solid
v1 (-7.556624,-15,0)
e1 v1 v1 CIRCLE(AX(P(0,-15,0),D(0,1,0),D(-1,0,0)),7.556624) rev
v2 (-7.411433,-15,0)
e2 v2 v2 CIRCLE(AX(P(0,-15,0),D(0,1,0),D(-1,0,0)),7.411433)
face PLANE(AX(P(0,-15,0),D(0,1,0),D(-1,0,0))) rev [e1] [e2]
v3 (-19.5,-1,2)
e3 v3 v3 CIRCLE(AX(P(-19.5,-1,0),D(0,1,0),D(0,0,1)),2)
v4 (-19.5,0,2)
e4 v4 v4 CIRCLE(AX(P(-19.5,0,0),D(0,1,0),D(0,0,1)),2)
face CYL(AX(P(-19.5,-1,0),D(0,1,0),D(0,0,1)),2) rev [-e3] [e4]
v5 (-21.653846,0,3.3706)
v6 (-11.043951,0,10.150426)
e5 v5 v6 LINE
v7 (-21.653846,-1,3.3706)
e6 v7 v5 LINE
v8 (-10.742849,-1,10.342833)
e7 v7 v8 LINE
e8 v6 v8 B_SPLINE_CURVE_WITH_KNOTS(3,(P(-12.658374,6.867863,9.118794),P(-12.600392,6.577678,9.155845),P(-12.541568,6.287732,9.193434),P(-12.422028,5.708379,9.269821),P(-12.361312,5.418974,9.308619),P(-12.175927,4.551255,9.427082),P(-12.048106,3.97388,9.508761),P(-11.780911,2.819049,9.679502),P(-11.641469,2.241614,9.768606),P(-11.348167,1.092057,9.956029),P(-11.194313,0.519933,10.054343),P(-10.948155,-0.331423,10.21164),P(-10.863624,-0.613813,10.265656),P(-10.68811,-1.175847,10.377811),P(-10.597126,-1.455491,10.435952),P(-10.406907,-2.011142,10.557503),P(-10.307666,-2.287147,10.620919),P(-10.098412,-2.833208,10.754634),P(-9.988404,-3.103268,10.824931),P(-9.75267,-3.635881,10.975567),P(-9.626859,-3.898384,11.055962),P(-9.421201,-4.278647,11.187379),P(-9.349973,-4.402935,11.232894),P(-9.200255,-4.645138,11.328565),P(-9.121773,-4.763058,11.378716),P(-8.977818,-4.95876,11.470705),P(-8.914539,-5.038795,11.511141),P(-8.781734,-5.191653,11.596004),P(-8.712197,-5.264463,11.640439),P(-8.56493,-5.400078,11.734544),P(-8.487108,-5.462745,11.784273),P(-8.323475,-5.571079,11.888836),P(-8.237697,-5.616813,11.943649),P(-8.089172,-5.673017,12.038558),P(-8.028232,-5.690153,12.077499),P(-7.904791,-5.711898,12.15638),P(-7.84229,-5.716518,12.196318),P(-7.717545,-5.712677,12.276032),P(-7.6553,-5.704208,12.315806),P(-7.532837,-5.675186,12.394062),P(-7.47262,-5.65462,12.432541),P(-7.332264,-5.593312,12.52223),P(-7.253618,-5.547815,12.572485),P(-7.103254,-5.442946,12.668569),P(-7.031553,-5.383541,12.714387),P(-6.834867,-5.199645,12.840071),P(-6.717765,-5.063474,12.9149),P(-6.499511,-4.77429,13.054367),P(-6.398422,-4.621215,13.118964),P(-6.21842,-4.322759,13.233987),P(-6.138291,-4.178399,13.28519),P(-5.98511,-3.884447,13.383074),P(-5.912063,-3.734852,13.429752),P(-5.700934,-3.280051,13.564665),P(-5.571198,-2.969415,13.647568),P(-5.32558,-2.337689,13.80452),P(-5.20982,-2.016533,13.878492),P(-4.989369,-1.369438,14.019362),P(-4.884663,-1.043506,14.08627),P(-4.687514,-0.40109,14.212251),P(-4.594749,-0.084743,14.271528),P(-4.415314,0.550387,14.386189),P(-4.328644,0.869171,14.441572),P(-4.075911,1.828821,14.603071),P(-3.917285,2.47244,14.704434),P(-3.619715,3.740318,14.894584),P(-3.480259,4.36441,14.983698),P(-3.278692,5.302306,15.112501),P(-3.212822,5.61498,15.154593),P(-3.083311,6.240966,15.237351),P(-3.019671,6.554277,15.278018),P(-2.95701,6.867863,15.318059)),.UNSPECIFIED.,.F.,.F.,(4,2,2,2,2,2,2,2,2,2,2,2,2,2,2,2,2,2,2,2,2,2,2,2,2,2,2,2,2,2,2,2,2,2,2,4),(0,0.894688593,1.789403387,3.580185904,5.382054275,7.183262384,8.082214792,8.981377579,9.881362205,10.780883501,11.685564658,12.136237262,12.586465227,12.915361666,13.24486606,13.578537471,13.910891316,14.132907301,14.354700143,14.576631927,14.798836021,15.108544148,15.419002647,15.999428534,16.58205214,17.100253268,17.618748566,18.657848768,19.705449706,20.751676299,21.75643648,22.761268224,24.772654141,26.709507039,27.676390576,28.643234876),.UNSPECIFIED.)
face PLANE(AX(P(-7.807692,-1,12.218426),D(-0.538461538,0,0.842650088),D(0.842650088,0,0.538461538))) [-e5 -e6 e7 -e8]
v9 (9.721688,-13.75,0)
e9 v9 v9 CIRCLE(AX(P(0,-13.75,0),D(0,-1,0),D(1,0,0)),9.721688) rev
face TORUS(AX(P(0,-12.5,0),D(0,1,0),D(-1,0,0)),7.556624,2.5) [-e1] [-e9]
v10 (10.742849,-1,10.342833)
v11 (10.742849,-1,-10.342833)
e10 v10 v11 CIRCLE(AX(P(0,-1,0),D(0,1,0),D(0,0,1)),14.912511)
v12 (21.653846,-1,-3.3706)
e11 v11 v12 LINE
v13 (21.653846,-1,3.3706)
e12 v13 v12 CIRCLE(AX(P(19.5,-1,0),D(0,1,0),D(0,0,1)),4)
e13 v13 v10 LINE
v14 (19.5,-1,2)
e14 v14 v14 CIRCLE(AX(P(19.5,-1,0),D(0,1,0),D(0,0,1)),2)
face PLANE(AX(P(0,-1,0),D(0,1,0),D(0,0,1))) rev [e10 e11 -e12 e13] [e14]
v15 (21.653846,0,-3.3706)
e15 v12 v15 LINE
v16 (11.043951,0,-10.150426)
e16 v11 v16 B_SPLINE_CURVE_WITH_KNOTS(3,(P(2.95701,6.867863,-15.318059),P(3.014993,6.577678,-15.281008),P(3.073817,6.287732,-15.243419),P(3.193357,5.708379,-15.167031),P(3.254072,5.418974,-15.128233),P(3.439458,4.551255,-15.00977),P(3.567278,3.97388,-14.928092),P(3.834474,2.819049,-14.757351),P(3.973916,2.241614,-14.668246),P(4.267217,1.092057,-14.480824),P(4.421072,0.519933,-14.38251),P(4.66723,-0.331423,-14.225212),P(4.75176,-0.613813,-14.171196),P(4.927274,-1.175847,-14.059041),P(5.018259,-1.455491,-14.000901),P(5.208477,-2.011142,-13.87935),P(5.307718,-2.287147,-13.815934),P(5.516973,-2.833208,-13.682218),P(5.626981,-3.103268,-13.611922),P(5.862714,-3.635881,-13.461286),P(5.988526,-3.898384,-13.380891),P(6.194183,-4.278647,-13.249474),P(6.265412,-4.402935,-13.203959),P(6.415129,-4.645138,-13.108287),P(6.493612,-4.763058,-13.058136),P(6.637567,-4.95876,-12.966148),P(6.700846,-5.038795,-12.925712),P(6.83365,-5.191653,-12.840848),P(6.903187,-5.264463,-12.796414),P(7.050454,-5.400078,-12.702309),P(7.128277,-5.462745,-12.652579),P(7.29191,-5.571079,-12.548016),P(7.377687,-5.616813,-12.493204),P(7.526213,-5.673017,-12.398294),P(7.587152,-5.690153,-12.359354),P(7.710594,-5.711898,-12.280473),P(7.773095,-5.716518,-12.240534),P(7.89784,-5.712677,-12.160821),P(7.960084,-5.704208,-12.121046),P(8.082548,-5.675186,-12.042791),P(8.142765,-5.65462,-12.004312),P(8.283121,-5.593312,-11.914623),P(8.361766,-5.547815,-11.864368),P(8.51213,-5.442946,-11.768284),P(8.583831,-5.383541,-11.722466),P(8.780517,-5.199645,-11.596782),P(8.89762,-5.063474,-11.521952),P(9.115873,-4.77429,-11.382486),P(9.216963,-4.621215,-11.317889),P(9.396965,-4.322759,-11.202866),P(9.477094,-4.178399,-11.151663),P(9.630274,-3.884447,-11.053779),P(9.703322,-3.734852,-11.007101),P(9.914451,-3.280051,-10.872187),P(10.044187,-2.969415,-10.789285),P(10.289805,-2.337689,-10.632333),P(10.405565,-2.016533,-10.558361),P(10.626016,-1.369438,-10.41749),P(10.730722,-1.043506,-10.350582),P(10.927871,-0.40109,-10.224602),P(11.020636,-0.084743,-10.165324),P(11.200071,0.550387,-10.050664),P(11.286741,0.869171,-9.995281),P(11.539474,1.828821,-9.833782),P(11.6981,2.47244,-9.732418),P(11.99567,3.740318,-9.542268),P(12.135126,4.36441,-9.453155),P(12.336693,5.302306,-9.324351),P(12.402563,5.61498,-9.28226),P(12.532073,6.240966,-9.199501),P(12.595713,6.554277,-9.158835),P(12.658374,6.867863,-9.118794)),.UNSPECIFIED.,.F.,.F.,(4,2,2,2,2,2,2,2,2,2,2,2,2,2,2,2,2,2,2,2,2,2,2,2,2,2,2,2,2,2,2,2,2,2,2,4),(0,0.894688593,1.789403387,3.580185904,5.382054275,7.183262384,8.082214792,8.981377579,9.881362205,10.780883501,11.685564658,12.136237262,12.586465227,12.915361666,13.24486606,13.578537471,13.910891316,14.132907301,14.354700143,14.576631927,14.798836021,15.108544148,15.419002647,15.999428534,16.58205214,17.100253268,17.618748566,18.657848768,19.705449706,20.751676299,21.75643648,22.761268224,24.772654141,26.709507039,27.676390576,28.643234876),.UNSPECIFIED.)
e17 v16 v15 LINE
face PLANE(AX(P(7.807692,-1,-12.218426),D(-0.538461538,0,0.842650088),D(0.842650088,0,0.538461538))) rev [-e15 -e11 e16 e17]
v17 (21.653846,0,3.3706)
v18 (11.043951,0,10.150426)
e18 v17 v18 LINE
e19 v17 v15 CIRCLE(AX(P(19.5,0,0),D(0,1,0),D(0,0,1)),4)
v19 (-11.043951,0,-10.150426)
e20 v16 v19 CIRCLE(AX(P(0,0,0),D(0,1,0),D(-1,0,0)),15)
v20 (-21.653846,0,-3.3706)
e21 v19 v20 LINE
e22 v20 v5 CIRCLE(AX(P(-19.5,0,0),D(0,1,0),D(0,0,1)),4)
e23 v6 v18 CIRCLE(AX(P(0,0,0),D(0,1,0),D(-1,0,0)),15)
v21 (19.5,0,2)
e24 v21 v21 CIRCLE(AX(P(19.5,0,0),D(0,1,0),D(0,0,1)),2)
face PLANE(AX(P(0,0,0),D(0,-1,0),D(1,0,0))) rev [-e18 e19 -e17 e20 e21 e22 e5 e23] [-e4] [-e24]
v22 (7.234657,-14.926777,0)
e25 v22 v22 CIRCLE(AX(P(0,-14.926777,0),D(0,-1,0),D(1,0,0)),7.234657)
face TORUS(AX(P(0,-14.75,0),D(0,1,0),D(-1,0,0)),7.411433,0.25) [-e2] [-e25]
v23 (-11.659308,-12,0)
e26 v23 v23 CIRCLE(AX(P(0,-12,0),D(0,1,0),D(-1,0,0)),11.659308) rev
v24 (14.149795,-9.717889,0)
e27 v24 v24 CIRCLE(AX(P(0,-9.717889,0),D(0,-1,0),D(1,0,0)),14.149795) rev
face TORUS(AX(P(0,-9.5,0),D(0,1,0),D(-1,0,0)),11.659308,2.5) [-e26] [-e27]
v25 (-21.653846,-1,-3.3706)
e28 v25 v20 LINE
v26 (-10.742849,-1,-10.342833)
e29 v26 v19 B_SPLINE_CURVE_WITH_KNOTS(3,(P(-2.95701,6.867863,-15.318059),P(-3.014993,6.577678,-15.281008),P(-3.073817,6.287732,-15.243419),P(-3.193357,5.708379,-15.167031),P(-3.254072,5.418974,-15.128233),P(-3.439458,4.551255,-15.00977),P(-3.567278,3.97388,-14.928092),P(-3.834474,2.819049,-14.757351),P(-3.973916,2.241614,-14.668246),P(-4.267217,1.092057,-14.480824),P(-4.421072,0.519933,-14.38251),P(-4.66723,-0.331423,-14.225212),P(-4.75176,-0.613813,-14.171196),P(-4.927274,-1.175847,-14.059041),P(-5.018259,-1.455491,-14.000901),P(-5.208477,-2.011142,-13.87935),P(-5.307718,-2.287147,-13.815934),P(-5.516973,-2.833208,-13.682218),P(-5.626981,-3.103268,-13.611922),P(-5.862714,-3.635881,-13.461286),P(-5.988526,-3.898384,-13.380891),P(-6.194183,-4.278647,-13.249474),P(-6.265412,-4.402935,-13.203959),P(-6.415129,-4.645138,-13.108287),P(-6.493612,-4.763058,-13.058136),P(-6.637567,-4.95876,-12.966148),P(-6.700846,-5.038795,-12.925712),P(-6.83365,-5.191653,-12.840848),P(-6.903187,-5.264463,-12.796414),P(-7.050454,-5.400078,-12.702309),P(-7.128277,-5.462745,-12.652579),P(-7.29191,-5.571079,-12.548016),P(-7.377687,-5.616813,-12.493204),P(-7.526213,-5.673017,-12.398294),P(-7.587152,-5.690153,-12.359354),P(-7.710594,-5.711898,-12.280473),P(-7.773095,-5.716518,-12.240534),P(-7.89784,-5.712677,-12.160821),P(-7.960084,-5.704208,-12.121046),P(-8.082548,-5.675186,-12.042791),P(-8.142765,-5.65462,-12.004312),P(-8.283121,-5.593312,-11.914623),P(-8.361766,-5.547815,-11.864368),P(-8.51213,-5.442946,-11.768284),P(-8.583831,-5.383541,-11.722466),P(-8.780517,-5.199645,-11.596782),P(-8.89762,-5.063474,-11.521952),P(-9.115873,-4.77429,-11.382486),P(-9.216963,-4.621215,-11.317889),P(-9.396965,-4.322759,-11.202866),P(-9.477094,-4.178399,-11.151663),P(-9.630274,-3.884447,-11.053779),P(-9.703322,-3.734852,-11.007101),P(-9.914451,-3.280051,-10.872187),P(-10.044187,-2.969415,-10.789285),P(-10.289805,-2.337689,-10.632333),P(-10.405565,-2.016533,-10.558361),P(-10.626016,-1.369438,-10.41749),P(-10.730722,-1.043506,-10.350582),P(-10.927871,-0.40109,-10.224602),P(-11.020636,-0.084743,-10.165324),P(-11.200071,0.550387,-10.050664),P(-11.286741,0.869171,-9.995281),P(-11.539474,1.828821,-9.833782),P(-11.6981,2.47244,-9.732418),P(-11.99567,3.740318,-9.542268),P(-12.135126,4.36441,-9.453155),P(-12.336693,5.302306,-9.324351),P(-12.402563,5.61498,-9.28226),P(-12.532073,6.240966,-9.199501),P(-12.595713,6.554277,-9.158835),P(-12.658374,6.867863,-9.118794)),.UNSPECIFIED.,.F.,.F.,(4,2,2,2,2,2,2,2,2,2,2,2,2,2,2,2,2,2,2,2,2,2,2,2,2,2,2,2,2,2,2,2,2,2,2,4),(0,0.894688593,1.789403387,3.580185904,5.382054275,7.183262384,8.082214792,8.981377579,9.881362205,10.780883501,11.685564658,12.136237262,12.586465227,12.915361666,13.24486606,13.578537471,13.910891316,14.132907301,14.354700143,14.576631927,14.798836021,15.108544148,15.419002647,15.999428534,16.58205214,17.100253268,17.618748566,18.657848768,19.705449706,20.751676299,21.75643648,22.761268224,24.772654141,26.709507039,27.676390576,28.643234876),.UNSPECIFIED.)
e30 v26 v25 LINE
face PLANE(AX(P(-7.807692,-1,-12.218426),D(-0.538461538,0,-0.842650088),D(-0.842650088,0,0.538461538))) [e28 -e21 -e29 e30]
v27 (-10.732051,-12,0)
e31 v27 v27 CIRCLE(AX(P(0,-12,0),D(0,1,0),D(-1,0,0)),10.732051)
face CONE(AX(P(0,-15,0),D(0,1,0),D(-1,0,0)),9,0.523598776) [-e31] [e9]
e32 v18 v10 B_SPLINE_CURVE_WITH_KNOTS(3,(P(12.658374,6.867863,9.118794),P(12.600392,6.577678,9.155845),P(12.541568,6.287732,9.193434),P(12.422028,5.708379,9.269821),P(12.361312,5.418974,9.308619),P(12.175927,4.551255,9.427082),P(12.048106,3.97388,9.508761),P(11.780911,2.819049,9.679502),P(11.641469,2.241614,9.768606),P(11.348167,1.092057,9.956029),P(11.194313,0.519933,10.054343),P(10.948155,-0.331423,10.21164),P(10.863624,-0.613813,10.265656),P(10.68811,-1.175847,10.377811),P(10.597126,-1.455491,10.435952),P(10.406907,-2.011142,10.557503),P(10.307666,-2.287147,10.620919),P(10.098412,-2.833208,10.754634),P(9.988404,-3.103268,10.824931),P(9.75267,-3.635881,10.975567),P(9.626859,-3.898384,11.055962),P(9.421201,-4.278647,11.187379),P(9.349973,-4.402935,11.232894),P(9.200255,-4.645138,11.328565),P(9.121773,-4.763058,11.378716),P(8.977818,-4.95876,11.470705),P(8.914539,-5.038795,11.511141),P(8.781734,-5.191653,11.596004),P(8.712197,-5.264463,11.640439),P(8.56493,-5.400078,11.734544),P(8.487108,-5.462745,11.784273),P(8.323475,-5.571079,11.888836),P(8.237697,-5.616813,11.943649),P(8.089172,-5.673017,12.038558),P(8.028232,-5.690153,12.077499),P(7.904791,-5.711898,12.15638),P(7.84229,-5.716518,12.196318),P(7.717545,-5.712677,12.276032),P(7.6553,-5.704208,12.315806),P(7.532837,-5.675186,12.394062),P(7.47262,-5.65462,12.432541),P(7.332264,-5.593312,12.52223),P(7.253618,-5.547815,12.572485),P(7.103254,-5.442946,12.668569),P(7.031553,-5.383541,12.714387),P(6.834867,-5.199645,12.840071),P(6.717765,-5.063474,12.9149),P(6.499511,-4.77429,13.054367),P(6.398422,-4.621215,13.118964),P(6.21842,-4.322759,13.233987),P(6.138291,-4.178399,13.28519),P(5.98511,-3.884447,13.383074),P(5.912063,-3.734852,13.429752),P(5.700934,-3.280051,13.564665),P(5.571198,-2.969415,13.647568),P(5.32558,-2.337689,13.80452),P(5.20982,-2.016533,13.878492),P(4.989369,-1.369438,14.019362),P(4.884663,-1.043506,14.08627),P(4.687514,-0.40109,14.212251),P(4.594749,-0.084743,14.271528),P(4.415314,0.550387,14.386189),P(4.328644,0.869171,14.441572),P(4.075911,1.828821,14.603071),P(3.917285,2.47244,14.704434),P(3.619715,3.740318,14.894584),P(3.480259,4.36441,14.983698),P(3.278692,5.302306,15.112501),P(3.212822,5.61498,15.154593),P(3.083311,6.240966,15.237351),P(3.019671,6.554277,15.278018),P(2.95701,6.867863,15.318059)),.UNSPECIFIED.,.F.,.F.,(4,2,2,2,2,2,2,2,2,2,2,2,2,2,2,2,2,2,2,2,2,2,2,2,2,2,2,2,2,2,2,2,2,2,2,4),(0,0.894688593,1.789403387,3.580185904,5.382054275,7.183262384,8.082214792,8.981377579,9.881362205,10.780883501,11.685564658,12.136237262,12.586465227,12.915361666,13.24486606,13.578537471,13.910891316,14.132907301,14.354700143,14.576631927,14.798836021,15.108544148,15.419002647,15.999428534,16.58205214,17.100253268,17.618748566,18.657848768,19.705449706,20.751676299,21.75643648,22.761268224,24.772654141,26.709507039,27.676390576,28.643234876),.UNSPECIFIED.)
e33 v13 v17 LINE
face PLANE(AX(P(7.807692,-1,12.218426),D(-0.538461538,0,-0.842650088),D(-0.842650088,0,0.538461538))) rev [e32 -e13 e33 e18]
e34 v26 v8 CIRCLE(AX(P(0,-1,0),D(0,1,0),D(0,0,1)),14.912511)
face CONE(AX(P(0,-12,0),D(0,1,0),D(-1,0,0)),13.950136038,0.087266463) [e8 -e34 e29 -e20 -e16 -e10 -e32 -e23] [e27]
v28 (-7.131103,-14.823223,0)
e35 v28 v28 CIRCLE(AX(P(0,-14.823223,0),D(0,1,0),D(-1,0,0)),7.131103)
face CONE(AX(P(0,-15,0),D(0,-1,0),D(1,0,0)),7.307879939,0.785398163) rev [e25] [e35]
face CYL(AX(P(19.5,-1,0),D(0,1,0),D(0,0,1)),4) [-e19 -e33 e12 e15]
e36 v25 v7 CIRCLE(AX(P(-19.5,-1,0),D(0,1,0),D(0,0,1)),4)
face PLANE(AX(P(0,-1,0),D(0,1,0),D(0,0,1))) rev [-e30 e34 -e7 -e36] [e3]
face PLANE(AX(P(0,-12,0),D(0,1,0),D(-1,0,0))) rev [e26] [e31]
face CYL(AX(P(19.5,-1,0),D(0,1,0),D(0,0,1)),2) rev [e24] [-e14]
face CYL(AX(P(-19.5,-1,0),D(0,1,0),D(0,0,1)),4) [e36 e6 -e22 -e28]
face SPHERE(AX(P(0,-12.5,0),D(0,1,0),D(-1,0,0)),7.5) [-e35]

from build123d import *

# Parameters (mm, degrees)
FILLET1_R           = 2.5
SKETCH1_R           = 2
BOSS_EXTRUDE1_DEPTH = 1
FILLET2_R           = 0.25


with BuildPart() as part:
    # Sketch2 one side → Revolve1 (revolve)
    with BuildSketch(Plane.XY):
        with BuildLine():
            Line((0, -20), (0, -5))
            Line((0, -5), (0, 0))
            Line((0, 0), (-15, 0))
            Line((-15, 0), (-13.950136038, -12))
            Line((-13.950136038, -12), (-10.732050808, -12))
            Line((-10.732050808, -12), (-9, -15))
            Line((-9, -15), (-7.307879939, -15))
            Line((-7.307879939, -15), (-7.131103244, -14.823223305))
            ThreePointArc((-7.131103244, -14.823223305), (-4.406008694, -18.569356423), (0, -20))
        make_face()
    revolve(axis=Axis((0, 0, 0), (0, -1, 0)))

    # Fillet1
    fillet1_edges = [part.edges().sort_by_distance(p)[0] for p in [
        (9, -15, 0),
        (13.950136038, -12, 0),
    ]]
    fillet(fillet1_edges, radius=FILLET1_R)

    # Sketch1 → Boss-Extrude1 (add)
    # profile 1 of 2: a face of its own
    with BuildSketch(Plane(origin=(0, 0, 0), x_dir=(1, 0, 0), z_dir=(0, 1, 0))):
        with BuildLine():
            ThreePointArc((-21.653846154, 3.370600354), (-23.5, 0), (-21.653846154, -3.370600354))
            Line((-21.653846154, -3.370600354), (-7.807692308, -12.218426283))
            ThreePointArc((-7.807692308, -12.218426283), (-14.5, 0), (-7.807692308, 12.218426283))
            Line((-7.807692308, 12.218426283), (-21.653846154, 3.370600354))
        make_face()
        with Locations(Location((-19.5, 0, 0), (0, 0, 270))):
            Circle(SKETCH1_R, mode=Mode.SUBTRACT)
    # profile 2 of 2: a face of its own
    with BuildSketch(Plane(origin=(0, 0, 0), x_dir=(1, 0, 0), z_dir=(0, 1, 0))):
        with BuildLine():
            Line((21.653846154, 3.370600354), (7.807692308, 12.218426283))
            ThreePointArc((7.807692308, 12.218426283), (14.5, 0), (7.807692308, -12.218426283))
            Line((7.807692308, -12.218426283), (21.653846154, -3.370600354))
            ThreePointArc((21.653846154, -3.370600354), (23.5, 0), (21.653846154, 3.370600354))
        make_face()
        with Locations(Location((19.5, 0, 0), (0, 0, 270))):
            Circle(SKETCH1_R, mode=Mode.SUBTRACT)
    extrude(amount=-BOSS_EXTRUDE1_DEPTH)

    # Fillet2
    fillet2_edges = [part.edges().sort_by_distance(p)[0] for p in [
        (7.307879939, -15, 0),
    ]]
    fillet(fillet2_edges, radius=FILLET2_R)


solid = part.part
